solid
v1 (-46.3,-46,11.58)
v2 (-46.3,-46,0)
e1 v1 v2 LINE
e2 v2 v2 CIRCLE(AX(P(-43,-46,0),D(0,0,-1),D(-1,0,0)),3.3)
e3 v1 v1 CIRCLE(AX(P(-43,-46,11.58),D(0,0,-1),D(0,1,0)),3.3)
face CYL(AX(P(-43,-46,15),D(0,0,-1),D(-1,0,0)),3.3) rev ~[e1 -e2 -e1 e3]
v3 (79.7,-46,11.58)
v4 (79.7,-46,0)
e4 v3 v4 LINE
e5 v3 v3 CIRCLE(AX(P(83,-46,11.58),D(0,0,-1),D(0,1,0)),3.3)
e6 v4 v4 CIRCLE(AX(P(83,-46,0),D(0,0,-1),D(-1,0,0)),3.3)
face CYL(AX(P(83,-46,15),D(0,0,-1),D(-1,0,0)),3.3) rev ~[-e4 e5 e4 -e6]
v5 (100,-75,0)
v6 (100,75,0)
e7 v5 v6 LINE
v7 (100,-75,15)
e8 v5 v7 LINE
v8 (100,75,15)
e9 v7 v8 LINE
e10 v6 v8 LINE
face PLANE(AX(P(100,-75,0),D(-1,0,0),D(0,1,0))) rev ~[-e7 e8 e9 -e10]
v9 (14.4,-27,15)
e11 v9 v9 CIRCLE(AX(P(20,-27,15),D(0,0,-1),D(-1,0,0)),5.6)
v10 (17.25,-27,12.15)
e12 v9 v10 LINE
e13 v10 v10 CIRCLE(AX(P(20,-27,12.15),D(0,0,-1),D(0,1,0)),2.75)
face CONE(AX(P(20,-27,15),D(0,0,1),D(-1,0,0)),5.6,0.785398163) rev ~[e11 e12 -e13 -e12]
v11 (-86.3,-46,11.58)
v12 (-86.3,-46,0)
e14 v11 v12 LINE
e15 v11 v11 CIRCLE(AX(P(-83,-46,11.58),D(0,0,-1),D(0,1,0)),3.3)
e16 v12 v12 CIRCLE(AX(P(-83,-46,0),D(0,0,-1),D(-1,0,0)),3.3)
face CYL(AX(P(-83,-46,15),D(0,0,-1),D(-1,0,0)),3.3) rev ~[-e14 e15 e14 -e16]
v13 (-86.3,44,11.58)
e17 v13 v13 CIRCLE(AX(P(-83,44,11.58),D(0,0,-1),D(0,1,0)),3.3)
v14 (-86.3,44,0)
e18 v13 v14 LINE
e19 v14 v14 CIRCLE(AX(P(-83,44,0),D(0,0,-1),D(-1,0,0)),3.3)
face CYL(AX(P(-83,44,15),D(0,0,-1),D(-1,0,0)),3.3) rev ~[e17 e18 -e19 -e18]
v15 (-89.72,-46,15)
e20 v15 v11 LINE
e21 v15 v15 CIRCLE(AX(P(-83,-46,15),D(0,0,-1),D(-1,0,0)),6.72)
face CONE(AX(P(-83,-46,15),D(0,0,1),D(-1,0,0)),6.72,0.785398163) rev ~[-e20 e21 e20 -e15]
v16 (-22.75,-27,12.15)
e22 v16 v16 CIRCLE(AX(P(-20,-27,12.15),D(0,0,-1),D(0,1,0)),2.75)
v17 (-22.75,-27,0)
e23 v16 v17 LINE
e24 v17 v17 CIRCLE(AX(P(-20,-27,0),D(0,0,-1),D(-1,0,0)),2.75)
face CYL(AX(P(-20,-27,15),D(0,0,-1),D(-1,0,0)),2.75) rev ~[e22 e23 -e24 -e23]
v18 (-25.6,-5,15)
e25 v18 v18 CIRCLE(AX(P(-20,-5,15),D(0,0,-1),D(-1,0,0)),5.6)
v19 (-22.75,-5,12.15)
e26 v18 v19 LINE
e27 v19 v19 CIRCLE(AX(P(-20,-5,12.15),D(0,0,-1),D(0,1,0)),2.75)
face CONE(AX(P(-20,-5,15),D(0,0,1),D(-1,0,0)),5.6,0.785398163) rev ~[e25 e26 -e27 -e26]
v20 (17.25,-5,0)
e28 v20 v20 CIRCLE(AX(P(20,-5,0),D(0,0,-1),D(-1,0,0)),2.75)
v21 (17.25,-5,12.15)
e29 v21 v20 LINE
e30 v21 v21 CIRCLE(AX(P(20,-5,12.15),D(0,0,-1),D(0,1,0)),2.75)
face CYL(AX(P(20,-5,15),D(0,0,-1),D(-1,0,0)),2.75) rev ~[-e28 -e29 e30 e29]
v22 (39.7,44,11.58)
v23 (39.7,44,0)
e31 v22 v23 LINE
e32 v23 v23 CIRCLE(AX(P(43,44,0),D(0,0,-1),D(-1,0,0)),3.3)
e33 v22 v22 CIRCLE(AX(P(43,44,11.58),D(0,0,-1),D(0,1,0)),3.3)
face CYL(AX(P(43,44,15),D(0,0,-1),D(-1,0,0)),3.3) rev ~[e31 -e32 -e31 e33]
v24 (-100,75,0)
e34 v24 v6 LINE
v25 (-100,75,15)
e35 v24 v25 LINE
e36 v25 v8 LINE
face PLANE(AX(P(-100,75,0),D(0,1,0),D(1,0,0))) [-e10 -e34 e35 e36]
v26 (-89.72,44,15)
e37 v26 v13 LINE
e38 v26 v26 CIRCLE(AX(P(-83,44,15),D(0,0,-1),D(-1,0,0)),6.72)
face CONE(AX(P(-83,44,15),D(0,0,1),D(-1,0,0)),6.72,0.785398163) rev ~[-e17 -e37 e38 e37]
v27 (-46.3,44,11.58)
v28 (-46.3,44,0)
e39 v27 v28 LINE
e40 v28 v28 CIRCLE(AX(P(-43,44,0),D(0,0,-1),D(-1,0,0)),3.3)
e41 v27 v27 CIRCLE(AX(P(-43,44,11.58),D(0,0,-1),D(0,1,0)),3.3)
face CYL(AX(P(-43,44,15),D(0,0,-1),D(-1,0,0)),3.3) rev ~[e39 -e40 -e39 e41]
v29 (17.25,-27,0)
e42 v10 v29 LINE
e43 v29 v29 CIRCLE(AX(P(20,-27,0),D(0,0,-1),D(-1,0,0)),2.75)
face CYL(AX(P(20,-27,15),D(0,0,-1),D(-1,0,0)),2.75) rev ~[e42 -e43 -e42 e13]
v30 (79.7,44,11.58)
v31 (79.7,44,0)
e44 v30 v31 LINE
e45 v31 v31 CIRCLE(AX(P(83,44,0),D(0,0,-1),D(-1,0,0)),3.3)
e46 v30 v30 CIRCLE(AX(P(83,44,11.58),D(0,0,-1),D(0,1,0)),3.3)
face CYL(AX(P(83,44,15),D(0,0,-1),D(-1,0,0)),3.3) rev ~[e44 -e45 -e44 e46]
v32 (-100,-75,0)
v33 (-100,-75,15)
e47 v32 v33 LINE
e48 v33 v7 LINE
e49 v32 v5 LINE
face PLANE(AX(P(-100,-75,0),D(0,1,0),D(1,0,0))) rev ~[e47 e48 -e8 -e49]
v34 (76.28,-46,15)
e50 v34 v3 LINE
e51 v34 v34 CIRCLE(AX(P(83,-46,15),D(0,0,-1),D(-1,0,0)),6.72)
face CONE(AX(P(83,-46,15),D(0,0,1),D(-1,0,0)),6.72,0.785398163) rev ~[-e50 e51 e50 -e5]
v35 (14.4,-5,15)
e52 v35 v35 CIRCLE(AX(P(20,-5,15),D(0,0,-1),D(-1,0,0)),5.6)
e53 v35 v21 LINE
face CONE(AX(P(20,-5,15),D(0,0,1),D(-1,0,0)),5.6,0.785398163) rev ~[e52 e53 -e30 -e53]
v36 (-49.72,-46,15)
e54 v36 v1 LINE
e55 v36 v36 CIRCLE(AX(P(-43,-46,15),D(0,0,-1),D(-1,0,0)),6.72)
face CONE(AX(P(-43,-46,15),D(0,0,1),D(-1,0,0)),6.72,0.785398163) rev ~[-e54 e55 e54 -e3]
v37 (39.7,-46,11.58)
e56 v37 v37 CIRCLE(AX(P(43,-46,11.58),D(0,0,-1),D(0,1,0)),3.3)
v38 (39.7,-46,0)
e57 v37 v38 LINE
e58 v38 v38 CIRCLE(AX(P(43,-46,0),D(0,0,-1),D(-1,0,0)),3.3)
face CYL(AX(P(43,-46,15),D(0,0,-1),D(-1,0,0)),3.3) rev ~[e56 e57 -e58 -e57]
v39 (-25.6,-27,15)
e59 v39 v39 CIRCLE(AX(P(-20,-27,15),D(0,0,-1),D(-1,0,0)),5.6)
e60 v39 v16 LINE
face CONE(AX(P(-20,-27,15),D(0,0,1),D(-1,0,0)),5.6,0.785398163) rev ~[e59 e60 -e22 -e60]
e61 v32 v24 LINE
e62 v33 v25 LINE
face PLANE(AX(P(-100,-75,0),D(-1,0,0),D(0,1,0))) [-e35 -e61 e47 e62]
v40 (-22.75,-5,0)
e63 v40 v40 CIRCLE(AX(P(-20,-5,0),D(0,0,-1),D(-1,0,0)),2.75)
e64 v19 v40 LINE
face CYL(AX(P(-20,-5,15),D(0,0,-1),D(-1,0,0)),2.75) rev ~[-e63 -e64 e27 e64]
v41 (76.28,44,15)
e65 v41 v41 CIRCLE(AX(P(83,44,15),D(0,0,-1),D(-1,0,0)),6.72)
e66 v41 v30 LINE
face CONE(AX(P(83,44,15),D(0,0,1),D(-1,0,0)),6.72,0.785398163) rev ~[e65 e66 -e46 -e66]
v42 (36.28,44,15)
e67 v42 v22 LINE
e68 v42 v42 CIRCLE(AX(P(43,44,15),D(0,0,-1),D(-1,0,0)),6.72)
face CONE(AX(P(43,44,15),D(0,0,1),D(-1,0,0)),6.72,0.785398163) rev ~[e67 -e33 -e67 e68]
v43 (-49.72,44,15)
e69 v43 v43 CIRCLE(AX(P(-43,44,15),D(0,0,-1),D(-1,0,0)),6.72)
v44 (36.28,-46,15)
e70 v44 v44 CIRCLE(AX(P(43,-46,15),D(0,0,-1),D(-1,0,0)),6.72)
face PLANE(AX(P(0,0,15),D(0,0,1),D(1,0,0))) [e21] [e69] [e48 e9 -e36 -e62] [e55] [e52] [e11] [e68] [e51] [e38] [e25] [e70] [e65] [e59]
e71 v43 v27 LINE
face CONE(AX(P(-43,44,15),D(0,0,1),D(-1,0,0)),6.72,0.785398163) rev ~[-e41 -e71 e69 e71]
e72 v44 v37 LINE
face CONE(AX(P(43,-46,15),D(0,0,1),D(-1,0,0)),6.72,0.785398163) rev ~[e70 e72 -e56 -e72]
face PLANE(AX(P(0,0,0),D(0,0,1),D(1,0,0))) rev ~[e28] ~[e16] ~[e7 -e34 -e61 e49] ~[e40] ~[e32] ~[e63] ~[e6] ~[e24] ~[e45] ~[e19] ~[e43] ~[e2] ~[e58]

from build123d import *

# Parameters (mm, degrees)
F0_W           = 200
F0_H           = 150
F1_DEPTH       = 15
F3_D           = 6.6
F3_CSINK_D     = 13.44
F3_CSINK_ANGLE = 90
F4_D           = 5.5
F4_CSINK_D     = 11.2
F4_CSINK_ANGLE = 90


with BuildPart() as f1:
    # F0 (on Top) → F1 (new body)
    with BuildSketch(Plane.XY):
        Rectangle(F0_W, F0_H)
    extrude(amount=F1_DEPTH)

    # F3 (through all)
    with Locations(Plane.XY.offset(15)):
        with Locations((-83, 44), (-43, 44), (-83, -46), (-43, -46), (43, 44), (83, 44), (43, -46), (83, -46)):
            CounterSinkHole(F3_D / 2, F3_CSINK_D / 2, counter_sink_angle=F3_CSINK_ANGLE)

    # F4 (through all)
    with Locations(Plane.XY.offset(15)):
        with Locations((-20, -27), (-20, -5), (20, -5), (20, -27)):
            CounterSinkHole(F4_D / 2, F4_CSINK_D / 2, counter_sink_angle=F4_CSINK_ANGLE)


solid = f1.part
